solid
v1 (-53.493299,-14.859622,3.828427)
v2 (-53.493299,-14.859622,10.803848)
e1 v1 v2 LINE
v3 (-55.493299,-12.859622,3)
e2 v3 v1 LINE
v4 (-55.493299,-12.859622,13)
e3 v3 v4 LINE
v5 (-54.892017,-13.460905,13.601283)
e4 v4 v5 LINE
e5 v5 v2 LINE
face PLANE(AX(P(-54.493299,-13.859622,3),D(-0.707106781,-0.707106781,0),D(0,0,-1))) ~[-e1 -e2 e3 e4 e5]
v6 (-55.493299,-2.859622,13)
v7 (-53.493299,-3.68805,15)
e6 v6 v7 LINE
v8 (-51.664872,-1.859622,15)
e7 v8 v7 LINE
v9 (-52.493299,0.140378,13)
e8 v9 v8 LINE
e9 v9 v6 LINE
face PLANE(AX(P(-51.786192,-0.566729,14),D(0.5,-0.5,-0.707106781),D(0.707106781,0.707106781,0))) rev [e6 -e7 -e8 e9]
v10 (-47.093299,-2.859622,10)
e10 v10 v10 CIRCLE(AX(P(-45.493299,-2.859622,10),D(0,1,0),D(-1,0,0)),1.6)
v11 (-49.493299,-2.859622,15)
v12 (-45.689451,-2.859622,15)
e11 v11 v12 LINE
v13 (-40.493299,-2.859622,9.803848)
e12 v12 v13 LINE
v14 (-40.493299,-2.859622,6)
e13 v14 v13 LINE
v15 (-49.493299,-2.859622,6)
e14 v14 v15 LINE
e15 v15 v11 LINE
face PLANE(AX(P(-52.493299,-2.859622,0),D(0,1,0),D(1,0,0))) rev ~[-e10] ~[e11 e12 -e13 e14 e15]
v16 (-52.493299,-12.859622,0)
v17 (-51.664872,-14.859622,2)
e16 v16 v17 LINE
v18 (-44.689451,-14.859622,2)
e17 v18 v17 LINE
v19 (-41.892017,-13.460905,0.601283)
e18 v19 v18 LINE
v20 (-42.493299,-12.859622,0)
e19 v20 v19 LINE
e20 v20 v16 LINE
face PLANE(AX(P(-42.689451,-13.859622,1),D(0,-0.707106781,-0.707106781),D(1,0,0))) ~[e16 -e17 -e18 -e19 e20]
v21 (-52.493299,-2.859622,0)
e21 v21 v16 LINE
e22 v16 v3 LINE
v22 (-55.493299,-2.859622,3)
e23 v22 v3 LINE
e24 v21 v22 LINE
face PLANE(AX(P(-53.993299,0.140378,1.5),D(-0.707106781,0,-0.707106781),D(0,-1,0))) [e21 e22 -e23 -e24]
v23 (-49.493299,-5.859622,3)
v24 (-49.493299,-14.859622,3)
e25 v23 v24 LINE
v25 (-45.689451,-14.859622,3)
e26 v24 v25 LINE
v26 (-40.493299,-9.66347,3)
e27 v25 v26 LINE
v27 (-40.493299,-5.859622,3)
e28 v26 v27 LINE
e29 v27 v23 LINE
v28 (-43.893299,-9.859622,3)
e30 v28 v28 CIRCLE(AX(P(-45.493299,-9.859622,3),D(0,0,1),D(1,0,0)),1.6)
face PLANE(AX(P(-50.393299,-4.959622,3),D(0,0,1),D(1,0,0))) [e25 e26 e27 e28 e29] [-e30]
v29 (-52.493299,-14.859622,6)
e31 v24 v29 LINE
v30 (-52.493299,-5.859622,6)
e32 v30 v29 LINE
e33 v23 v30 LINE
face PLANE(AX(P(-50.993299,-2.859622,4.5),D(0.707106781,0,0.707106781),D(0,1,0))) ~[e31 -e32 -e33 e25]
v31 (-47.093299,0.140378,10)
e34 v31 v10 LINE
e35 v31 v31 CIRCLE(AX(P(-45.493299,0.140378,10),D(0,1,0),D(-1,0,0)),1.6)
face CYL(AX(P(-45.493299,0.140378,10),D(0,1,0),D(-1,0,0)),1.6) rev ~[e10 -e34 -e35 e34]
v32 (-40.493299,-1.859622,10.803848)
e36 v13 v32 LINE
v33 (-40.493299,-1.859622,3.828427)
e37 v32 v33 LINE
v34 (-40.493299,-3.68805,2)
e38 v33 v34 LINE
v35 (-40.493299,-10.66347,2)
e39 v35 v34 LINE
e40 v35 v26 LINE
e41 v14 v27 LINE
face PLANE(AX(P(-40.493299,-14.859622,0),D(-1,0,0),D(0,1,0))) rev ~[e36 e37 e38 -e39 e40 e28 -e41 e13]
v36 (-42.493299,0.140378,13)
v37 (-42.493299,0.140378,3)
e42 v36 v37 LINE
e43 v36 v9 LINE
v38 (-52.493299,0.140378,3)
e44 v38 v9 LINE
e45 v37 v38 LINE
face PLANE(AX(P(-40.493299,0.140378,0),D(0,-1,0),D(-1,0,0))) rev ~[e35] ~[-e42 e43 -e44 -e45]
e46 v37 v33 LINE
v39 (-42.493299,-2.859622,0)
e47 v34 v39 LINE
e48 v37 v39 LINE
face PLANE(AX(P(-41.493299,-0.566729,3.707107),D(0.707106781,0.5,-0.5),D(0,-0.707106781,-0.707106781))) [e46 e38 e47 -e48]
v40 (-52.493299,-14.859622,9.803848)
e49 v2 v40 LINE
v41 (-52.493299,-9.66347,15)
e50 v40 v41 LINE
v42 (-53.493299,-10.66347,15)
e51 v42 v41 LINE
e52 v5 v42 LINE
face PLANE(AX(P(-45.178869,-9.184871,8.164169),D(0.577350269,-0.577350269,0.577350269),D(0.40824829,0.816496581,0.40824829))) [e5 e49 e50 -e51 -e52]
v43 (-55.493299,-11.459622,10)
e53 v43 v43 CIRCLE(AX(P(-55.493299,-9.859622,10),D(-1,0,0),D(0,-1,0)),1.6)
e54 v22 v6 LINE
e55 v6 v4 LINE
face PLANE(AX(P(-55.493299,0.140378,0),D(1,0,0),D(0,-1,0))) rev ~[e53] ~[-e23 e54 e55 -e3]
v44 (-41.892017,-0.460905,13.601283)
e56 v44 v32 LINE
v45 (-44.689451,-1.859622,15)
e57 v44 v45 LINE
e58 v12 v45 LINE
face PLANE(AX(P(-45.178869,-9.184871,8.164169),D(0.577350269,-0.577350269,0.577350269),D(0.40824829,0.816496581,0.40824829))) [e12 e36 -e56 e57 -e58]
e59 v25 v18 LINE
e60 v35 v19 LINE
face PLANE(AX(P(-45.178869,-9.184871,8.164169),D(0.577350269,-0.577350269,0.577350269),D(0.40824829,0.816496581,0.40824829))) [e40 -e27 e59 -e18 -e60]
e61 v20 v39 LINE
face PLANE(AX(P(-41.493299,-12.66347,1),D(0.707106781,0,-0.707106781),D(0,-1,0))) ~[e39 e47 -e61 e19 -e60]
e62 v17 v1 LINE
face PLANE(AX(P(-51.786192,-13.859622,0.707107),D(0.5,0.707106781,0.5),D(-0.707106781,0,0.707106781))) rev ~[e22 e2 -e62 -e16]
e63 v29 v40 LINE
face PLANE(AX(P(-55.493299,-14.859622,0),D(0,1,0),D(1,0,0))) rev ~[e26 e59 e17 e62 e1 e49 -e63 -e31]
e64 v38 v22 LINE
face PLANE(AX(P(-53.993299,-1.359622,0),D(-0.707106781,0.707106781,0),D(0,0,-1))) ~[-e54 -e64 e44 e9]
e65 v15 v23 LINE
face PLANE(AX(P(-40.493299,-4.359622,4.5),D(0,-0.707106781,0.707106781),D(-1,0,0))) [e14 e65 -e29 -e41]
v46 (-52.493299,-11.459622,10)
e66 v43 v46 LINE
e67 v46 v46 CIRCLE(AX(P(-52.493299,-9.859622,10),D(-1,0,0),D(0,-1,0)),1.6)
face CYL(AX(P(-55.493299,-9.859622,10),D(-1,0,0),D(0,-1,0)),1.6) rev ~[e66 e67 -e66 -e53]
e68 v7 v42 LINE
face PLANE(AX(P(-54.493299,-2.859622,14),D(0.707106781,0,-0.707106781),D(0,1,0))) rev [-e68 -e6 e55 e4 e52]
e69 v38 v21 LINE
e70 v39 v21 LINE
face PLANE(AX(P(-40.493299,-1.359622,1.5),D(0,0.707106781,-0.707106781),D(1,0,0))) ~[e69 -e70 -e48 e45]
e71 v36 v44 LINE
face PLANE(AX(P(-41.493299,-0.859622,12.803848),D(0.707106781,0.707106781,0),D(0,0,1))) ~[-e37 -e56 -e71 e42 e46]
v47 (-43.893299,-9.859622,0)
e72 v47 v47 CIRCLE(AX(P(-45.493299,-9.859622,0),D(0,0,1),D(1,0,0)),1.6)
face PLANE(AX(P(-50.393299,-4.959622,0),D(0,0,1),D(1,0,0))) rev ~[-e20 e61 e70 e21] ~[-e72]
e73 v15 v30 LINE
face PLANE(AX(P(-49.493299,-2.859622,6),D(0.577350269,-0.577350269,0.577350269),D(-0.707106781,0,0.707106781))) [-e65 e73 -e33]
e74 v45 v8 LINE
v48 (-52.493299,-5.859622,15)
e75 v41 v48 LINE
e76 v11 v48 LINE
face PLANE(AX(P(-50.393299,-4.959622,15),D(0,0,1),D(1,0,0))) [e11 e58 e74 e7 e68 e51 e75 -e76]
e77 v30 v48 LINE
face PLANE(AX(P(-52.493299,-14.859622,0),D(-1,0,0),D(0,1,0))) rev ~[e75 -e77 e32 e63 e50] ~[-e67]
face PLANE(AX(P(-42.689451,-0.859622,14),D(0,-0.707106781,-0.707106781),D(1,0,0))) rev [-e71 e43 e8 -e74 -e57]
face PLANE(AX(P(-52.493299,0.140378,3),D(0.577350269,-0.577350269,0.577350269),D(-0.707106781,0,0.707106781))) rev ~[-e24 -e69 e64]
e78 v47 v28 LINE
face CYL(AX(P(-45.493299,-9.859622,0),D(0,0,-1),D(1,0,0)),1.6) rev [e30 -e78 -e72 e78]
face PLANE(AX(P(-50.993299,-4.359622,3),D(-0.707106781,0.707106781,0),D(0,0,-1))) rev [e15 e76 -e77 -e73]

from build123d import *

# Parameters (mm, degrees)
F0_W     = 12
F0_H     = 12
F0_R     = 1.6
F1_DEPTH = 3
F2_DEPTH = 15
F3_R     = 1.6
F4_DEPTH = 25
F5_R     = 1.6
F6_DEPTH = 25
F9_DEPTH = 3
F10_SIZE = 3
F11_SIZE = 2


with BuildPart() as f1:
    # F0 (on Top) → F1 (new body)
    with BuildSketch(Plane.XY):
        Polygon((-40.4932990621, 0.140377609), (-55.4932990621, 0.140377609), (-55.4932990621, -14.859622391), (-52.4932990621, -14.859622391), (-52.4932990621, -2.859622391), (-40.4932990621, -2.859622391), align=None)
        with Locations((-46.4932990621, -8.859622391)):
            Rectangle(F0_W, F0_H)
        with Locations((-45.4932990621, -9.859622391)):
            Circle(F0_R, mode=Mode.SUBTRACT)
    extrude(amount=F1_DEPTH)

    # F0 (on Top) → F2 (join)
    with BuildSketch(Plane.XY):
        Polygon((-40.4932990621, 0.140377609), (-55.4932990621, 0.140377609), (-55.4932990621, -14.859622391), (-52.4932990621, -14.859622391), (-52.4932990621, -2.859622391), (-40.4932990621, -2.859622391), align=None)
    extrude(amount=F2_DEPTH)

    # F3 (on face) → F4 (cut)
    with BuildSketch(Plane(origin=(0, 0.140377609, 0), x_dir=(-1, 0, 0), z_dir=(0, 1, 0))):
        with Locations((45.4932990621, 10)):
            Circle(F3_R)
    extrude(amount=-F4_DEPTH, mode=Mode.SUBTRACT)

    # F5 (on face) → F6 (cut)
    with BuildSketch(Plane(origin=(-55.4932990621, 0, 0), x_dir=(0, -1, 0), z_dir=(-1, 0, 0))):
        with Locations((9.859622391, 10)):
            Circle(F5_R)
    extrude(amount=-F6_DEPTH, mode=Mode.SUBTRACT)

    # F8 (on 3pt) → F9 (cut)
    with BuildSketch(Plane(origin=(-7.5445588904, 7.5445588904, -7.5445588904), x_dir=(0.4082482905, 0.8164965809, 0.4082482905), z_dir=(0.5773502692, -0.5773502692, 0.5773502692))):
        Polygon((-13.727562502, 49.4428761303), (-30.1936492324, 50.4539981484), (-37.5646241009, 38.8832576573), (-31.7441225052, 25.3719072789), (-16.306232661, 24.6546380222), (-6.8639284, 39.3281951547), align=None)
    extrude(amount=-F9_DEPTH, mode=Mode.SUBTRACT)

    # F10
    f10_edges = [f1.edges().sort_by_distance(p)[0] for p in [
        (-55.493299, -7.359622, 0),
        (-47.993299, 0.140378, 0),
        (-55.493299, 0.140378, 7.5),
        (-52.493299, -8.859622, 3),
        (-46.493299, -2.859622, 3),
        (-52.493299, -2.859622, 9),
    ]]
    chamfer(f10_edges, length=F10_SIZE)

    # F11 (call 1 of 3: OpenCascade refuses the feature's edges together)
    f11_edges = [f1.edges().sort_by_distance(p)[0] for p in [
        (-40.493299, 0.140378, 7.901924),
        (-40.493299, -7.761546, 0),
        (-40.493299, -1.359622, 1.5),
    ]]
    chamfer(f11_edges, length=F11_SIZE)

    # F11#2 (call 2 of 3)
    f11_2_edges = [f1.edges().sort_by_distance(p)[0] for p in [
        (-47.591375, -14.859622, 0),
        (-55.493299, -14.859622, 7.901924),
        (-53.993299, -14.859622, 1.5),
    ]]
    chamfer(f11_2_edges, length=F11_SIZE)

    # F11#3 (call 3 of 3)
    f11_3_edges = [f1.edges().sort_by_distance(p)[0] for p in [
        (-53.993299, -1.359622, 15),
        (-55.493299, -7.761546, 15),
        (-47.591375, 0.140378, 15),
    ]]
    chamfer(f11_3_edges, length=F11_SIZE)


solid = f1.part
